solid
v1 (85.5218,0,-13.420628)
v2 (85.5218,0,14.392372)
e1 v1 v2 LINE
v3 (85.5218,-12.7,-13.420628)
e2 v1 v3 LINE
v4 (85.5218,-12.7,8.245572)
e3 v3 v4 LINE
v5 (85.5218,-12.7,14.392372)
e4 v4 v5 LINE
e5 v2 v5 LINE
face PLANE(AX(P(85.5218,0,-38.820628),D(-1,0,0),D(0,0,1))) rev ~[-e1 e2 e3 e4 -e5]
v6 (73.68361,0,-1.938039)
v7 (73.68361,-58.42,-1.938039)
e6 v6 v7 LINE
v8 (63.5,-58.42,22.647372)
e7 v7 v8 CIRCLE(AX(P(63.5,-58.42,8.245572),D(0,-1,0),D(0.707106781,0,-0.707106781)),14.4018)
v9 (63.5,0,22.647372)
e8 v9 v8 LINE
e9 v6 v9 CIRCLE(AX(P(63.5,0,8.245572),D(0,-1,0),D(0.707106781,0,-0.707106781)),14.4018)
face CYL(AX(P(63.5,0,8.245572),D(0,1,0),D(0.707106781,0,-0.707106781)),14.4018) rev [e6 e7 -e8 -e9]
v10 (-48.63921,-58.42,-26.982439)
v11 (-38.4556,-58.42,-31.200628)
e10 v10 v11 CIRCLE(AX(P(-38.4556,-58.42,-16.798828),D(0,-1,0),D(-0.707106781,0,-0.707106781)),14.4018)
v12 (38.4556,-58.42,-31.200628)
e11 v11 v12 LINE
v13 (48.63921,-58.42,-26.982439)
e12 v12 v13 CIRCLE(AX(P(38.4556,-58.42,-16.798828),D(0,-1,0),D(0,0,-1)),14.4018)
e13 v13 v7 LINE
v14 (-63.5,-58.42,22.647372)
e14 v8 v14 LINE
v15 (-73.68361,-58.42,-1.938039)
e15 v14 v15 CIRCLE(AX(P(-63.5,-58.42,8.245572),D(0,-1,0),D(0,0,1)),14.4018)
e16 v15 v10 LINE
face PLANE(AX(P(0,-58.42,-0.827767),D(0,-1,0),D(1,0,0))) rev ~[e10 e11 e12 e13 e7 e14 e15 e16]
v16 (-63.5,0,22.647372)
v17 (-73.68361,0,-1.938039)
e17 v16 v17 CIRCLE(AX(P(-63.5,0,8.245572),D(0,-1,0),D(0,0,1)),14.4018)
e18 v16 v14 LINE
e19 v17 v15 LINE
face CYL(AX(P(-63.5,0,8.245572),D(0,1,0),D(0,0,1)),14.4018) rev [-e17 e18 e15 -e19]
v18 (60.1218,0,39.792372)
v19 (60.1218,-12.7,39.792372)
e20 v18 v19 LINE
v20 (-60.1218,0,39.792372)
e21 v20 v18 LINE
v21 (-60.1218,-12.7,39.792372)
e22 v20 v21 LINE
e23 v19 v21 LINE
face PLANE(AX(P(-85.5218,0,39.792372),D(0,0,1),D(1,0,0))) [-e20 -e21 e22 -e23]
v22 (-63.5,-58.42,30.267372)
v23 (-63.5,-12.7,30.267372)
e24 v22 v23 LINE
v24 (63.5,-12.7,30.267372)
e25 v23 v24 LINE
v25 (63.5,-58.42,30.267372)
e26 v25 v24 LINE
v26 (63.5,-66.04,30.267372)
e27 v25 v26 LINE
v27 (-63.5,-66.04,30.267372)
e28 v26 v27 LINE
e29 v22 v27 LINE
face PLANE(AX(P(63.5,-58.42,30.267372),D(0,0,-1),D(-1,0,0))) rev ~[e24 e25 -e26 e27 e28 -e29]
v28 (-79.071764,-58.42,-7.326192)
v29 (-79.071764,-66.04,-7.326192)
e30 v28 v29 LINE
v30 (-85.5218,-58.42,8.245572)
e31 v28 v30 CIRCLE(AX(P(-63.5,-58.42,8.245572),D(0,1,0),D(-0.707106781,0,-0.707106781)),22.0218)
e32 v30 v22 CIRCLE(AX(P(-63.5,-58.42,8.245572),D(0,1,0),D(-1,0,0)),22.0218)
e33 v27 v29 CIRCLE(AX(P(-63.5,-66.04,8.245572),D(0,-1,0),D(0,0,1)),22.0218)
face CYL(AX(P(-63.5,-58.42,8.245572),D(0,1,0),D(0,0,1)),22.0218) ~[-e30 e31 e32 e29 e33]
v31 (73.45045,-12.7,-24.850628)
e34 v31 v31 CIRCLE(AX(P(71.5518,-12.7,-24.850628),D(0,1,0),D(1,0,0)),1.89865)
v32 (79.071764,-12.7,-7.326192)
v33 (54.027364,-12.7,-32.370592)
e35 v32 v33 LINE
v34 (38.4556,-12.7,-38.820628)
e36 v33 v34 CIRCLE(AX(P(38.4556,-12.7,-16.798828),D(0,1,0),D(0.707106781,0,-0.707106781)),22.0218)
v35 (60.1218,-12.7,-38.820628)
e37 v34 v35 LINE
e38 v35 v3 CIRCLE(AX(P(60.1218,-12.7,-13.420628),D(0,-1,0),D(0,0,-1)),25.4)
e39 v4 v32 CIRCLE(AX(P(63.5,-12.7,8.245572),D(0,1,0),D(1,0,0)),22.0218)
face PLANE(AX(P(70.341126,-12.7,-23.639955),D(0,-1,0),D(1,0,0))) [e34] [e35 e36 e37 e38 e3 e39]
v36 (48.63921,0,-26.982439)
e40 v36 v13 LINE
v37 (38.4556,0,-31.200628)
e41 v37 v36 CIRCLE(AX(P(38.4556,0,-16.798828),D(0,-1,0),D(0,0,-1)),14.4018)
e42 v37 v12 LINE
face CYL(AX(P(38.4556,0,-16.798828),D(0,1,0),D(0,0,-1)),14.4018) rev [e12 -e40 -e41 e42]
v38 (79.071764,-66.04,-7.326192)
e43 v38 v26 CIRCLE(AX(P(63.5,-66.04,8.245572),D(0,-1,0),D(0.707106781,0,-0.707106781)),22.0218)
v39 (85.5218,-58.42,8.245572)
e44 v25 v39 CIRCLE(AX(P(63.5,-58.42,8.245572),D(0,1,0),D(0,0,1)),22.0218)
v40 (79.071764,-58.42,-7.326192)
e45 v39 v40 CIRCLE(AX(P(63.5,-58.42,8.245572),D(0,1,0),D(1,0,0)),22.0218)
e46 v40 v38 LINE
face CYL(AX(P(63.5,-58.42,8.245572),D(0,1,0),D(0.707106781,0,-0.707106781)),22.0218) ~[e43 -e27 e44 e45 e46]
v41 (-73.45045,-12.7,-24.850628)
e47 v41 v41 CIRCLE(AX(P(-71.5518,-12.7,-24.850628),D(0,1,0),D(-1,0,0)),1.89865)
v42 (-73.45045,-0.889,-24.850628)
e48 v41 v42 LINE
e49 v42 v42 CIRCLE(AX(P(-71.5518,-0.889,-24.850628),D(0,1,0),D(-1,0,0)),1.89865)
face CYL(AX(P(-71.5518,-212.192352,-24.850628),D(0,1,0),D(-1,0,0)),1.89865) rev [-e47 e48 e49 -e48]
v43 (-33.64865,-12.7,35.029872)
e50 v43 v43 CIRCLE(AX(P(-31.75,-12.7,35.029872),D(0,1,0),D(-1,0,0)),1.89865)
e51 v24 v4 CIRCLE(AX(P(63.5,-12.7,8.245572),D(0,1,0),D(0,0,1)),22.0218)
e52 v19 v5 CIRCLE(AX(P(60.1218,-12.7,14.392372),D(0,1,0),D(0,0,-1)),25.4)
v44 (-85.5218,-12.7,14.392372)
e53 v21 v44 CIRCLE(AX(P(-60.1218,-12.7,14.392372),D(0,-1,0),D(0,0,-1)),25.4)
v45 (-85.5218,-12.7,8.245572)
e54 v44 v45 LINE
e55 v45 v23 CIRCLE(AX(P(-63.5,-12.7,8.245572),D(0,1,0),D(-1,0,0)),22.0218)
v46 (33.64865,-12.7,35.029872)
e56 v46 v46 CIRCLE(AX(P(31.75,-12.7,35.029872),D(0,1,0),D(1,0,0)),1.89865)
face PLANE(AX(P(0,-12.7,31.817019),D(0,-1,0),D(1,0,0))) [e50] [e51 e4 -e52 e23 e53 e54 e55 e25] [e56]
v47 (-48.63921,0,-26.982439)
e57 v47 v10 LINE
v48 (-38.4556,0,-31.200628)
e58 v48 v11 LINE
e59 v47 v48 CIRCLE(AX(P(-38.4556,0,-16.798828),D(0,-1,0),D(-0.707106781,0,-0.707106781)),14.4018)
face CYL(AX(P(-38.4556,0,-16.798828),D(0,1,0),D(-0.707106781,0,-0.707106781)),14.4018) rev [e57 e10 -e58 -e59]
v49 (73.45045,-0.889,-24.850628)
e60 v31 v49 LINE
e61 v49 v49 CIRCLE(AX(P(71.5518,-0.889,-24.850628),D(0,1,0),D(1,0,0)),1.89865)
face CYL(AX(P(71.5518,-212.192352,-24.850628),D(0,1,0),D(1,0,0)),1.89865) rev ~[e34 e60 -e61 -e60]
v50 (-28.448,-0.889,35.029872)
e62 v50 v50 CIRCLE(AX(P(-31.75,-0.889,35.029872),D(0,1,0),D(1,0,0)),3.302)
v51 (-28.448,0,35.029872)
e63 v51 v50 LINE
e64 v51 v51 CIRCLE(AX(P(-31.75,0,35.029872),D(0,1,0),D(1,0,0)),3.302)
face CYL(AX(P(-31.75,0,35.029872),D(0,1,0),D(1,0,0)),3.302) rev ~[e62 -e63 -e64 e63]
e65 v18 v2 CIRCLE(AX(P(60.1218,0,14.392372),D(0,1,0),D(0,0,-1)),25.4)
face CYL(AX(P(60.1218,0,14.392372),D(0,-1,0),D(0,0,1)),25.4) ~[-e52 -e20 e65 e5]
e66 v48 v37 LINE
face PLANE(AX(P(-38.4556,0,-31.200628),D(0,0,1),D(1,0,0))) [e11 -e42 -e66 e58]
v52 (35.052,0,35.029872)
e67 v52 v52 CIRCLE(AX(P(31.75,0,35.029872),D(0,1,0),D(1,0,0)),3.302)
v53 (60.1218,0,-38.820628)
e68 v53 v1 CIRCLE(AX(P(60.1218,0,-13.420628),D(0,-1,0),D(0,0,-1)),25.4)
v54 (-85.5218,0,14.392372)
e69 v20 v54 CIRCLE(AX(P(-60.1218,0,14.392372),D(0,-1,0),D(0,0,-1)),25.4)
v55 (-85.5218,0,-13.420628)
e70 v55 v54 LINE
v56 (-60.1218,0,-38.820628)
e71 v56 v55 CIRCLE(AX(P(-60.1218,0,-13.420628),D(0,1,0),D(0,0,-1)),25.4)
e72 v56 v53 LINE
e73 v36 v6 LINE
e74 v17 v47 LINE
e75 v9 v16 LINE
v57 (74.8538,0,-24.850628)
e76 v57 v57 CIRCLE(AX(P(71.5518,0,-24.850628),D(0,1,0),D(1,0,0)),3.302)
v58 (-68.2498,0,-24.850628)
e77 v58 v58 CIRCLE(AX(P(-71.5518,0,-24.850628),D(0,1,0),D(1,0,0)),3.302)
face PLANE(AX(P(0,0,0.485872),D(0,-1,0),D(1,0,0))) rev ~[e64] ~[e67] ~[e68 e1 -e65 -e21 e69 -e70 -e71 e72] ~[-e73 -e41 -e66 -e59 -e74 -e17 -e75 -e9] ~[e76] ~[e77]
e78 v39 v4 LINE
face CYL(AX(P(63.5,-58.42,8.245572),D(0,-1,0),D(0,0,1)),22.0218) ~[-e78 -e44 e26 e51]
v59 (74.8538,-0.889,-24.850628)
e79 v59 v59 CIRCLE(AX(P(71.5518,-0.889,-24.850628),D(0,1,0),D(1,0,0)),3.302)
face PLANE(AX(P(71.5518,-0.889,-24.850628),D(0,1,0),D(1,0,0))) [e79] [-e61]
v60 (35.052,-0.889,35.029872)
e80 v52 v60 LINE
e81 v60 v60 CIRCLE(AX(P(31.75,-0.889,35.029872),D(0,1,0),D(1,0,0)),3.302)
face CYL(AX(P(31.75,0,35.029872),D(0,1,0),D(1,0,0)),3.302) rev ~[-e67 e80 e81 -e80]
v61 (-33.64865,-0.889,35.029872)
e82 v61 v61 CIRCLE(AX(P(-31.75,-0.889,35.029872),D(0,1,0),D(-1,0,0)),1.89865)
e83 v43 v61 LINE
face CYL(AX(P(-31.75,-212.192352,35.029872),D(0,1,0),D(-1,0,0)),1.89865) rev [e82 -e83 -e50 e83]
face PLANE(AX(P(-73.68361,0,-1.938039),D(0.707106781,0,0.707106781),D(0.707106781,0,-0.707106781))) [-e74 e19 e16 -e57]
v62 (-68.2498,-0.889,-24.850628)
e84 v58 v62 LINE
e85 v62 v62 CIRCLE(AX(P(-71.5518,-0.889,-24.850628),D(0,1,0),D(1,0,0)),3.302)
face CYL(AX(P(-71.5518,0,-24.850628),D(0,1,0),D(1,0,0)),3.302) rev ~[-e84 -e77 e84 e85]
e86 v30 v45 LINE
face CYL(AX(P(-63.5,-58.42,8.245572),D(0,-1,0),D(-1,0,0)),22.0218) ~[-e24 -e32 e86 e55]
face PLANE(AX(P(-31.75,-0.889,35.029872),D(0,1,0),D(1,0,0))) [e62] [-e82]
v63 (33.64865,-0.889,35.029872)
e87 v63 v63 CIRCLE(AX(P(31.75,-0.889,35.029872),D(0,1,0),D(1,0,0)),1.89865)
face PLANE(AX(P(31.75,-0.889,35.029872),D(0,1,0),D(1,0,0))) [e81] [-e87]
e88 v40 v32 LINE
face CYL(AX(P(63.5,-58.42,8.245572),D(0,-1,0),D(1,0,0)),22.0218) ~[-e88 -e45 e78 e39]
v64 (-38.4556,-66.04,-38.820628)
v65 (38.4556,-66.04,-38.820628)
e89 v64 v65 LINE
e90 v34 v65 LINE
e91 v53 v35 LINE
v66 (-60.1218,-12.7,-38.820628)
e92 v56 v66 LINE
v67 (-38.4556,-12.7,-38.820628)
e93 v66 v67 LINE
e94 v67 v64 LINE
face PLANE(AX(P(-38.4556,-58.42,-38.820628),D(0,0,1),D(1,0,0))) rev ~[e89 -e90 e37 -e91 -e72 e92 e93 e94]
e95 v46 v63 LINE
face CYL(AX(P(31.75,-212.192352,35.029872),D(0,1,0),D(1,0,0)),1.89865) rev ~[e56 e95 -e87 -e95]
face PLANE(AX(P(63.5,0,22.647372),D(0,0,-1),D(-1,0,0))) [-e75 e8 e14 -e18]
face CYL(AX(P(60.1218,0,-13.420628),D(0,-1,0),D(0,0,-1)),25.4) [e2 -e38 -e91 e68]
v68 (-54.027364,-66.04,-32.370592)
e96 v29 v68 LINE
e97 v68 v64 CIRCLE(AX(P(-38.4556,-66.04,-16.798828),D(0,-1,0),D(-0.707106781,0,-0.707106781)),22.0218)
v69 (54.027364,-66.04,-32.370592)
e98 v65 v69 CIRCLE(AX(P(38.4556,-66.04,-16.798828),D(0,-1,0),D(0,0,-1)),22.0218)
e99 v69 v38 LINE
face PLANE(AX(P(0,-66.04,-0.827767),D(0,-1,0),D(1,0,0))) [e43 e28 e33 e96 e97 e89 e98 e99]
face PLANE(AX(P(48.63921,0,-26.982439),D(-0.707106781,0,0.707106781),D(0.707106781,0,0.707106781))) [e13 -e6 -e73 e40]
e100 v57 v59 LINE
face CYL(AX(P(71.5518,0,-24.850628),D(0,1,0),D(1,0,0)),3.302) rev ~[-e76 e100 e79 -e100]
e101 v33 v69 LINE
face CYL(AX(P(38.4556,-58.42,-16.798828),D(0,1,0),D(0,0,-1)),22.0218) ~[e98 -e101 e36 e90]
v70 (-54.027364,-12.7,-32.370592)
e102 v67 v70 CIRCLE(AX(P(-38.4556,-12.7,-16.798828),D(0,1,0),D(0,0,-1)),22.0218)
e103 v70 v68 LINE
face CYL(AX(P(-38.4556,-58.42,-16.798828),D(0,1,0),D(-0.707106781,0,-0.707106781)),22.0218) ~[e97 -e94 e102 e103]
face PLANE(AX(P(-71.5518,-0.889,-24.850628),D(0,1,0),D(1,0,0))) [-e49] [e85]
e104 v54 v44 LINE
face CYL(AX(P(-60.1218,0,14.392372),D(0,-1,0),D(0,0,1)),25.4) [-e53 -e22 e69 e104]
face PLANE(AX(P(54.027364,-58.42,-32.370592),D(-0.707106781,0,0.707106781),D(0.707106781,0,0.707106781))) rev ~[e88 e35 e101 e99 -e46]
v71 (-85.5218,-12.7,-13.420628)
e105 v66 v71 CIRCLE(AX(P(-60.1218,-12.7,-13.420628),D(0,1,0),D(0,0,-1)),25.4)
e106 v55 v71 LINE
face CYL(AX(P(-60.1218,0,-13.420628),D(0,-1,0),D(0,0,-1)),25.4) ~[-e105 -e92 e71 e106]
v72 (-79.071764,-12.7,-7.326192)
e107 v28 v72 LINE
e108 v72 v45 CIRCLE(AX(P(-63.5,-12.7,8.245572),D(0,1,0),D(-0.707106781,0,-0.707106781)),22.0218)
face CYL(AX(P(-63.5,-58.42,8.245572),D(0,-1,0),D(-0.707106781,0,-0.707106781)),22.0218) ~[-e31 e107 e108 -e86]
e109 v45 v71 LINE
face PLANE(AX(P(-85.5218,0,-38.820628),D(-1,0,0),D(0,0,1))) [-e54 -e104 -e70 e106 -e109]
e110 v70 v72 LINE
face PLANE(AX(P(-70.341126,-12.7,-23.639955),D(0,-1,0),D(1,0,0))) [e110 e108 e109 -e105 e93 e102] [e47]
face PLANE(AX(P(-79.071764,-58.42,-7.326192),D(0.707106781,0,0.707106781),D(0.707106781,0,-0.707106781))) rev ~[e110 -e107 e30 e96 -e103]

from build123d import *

# Parameters (mm, degrees)
SKETCH1_W             = 171.0436
SKETCH1_H             = 78.613
BOSS_EXTRUDE1_DEPTH   = 58.42
CUT_EXTRUDE1_DEPTH    = 45.72
BOSS_EXTRUDE2_DEPTH   = 7.62
FILLET1_R             = 25.4
F_6_CLEARANCE_HOLE2_D = 3.7973
SKETCH12_R            = 3.302
CUT_EXTRUDE2_DEPTH    = 0.889


with BuildPart() as part:
    # Sketch1 → Boss-Extrude1 (new body)
    with BuildSketch(Plane.XZ):
        with Locations((0, 0.485871825)):
            Rectangle(SKETCH1_W, SKETCH1_H)
        with BuildLine():
            Line((-73.683610441, -1.938038616), (-48.639210441, -26.982438616))
            ThreePointArc((-48.639210441, -26.982438616), (-43.966930256, -30.104356426), (-38.4556, -31.200628175))
            Line((-38.4556, -31.200628175), (38.4556, -31.200628175))
            ThreePointArc((38.4556, -31.200628175), (43.966930256, -30.104356426), (48.639210441, -26.982438616))
            Line((48.639210441, -26.982438616), (73.683610441, -1.938038616))
            ThreePointArc((73.683610441, -1.938038616), (76.805528251, 13.756902081), (63.5, 22.647371825))
            Line((63.5, 22.647371825), (-63.5, 22.647371825))
            ThreePointArc((-63.5, 22.647371825), (-76.805528251, 13.756902081), (-73.683610441, -1.938038616))
        make_face(mode=Mode.SUBTRACT)
    extrude(amount=BOSS_EXTRUDE1_DEPTH)

    # Sketch2 → Cut-Extrude1 (cut)
    with BuildSketch(Plane.XZ.offset(58.42)):
        with BuildLine():
            ThreePointArc((54.027364114, -32.370592289), (46.882978011, -37.144318464), (38.4556, -38.820628175))
            Line((38.4556, -38.820628175), (85.5218, -38.820628175))
            Line((85.5218, -38.820628175), (85.5218, 8.245571825))
            ThreePointArc((85.5218, 8.245571825), (83.845490289, -0.181806186), (79.071764114, -7.326192289))
            Line((79.071764114, -7.326192289), (54.027364114, -32.370592289))
        make_face()
        with BuildLine():
            Line((-85.5218, 8.245571825), (-85.5218, -38.820628175))
            Line((-85.5218, -38.820628175), (-38.4556, -38.820628175))
            ThreePointArc((-38.4556, -38.820628175), (-46.882978011, -37.144318464), (-54.027364114, -32.370592289))
            Line((-54.027364114, -32.370592289), (-79.071764114, -7.326192289))
            ThreePointArc((-79.071764114, -7.326192289), (-83.845490289, -0.181806186), (-85.5218, 8.245571825))
        make_face()
        with BuildLine():
            Line((-85.5218, 39.792371825), (-85.5218, 8.245571825))
            ThreePointArc((-85.5218, 8.245571825), (-79.071764114, 23.817335939), (-63.5, 30.267371825))
            Line((-63.5, 30.267371825), (63.5, 30.267371825))
            ThreePointArc((63.5, 30.267371825), (79.071764114, 23.817335939), (85.5218, 8.245571825))
            Line((85.5218, 8.245571825), (85.5218, 39.792371825))
            Line((85.5218, 39.792371825), (-85.5218, 39.792371825))
        make_face()
    extrude(amount=-CUT_EXTRUDE1_DEPTH, mode=Mode.SUBTRACT)

    # Sketch3 → Boss-Extrude2 (add)
    with BuildSketch(Plane.XZ.offset(58.42)):
        with BuildLine():
            Line((-79.071764114, -7.326192289), (-54.027364114, -32.370592289))
            ThreePointArc((-54.027364114, -32.370592289), (-46.882978011, -37.144318464), (-38.4556, -38.820628175))
            Line((-38.4556, -38.820628175), (38.4556, -38.820628175))
            ThreePointArc((38.4556, -38.820628175), (46.882978011, -37.144318464), (54.027364114, -32.370592289))
            Line((54.027364114, -32.370592289), (79.071764114, -7.326192289))
            ThreePointArc((79.071764114, -7.326192289), (83.845490289, 16.672949836), (63.5, 30.267371825))
            Line((63.5, 30.267371825), (-63.5, 30.267371825))
            ThreePointArc((-63.5, 30.267371825), (-83.845490289, 16.672949836), (-79.071764114, -7.326192289))
        make_face()
    extrude(amount=BOSS_EXTRUDE2_DEPTH)

    # Fillet1
    fillet1_edges = [part.edges().sort_by_distance(p)[0] for p in [
        (85.5218, -6.35, -38.820628175),
        (-85.5218, -6.35, -38.820628175),
        (-85.5218, -6.35, 39.792371825),
        (85.5218, -6.35, 39.792371825),
    ]]
    fillet(fillet1_edges, radius=FILLET1_R)

    # #6 Clearance Hole2 (through all)
    with Locations(Plane(origin=(0, -12.7, 0), x_dir=(-1, 0, 0), z_dir=(0, -1, 0))):
        with Locations((-31.75, -35.029871825), (-71.5518, 24.850628175)):
            f_6_clearance_hole2 = Hole(F_6_CLEARANCE_HOLE2_D / 2)

    # Mirror1: #6 Clearance Hole2 across plane
    add(f_6_clearance_hole2.mirror(Plane(origin=(0, 0, 0), x_dir=(0, 0, 1), z_dir=(1, 0, 0))), mode=Mode.SUBTRACT)

    # Sketch12 → Cut-Extrude2 (cut)
    with BuildSketch(Plane(origin=(0, 0, 0), x_dir=(1, 0, 0), z_dir=(0, 1, 0))):
        with Locations((-71.5518, 24.850628175)):
            Circle(SKETCH12_R)
        with Locations((-31.75, -35.029871825)):
            Circle(SKETCH12_R)
        with Locations((31.75, -35.029871825)):
            Circle(SKETCH12_R)
        with Locations((71.5518, 24.850628175)):
            Circle(SKETCH12_R)
    extrude(amount=-CUT_EXTRUDE2_DEPTH, mode=Mode.SUBTRACT)


solid = part.part
